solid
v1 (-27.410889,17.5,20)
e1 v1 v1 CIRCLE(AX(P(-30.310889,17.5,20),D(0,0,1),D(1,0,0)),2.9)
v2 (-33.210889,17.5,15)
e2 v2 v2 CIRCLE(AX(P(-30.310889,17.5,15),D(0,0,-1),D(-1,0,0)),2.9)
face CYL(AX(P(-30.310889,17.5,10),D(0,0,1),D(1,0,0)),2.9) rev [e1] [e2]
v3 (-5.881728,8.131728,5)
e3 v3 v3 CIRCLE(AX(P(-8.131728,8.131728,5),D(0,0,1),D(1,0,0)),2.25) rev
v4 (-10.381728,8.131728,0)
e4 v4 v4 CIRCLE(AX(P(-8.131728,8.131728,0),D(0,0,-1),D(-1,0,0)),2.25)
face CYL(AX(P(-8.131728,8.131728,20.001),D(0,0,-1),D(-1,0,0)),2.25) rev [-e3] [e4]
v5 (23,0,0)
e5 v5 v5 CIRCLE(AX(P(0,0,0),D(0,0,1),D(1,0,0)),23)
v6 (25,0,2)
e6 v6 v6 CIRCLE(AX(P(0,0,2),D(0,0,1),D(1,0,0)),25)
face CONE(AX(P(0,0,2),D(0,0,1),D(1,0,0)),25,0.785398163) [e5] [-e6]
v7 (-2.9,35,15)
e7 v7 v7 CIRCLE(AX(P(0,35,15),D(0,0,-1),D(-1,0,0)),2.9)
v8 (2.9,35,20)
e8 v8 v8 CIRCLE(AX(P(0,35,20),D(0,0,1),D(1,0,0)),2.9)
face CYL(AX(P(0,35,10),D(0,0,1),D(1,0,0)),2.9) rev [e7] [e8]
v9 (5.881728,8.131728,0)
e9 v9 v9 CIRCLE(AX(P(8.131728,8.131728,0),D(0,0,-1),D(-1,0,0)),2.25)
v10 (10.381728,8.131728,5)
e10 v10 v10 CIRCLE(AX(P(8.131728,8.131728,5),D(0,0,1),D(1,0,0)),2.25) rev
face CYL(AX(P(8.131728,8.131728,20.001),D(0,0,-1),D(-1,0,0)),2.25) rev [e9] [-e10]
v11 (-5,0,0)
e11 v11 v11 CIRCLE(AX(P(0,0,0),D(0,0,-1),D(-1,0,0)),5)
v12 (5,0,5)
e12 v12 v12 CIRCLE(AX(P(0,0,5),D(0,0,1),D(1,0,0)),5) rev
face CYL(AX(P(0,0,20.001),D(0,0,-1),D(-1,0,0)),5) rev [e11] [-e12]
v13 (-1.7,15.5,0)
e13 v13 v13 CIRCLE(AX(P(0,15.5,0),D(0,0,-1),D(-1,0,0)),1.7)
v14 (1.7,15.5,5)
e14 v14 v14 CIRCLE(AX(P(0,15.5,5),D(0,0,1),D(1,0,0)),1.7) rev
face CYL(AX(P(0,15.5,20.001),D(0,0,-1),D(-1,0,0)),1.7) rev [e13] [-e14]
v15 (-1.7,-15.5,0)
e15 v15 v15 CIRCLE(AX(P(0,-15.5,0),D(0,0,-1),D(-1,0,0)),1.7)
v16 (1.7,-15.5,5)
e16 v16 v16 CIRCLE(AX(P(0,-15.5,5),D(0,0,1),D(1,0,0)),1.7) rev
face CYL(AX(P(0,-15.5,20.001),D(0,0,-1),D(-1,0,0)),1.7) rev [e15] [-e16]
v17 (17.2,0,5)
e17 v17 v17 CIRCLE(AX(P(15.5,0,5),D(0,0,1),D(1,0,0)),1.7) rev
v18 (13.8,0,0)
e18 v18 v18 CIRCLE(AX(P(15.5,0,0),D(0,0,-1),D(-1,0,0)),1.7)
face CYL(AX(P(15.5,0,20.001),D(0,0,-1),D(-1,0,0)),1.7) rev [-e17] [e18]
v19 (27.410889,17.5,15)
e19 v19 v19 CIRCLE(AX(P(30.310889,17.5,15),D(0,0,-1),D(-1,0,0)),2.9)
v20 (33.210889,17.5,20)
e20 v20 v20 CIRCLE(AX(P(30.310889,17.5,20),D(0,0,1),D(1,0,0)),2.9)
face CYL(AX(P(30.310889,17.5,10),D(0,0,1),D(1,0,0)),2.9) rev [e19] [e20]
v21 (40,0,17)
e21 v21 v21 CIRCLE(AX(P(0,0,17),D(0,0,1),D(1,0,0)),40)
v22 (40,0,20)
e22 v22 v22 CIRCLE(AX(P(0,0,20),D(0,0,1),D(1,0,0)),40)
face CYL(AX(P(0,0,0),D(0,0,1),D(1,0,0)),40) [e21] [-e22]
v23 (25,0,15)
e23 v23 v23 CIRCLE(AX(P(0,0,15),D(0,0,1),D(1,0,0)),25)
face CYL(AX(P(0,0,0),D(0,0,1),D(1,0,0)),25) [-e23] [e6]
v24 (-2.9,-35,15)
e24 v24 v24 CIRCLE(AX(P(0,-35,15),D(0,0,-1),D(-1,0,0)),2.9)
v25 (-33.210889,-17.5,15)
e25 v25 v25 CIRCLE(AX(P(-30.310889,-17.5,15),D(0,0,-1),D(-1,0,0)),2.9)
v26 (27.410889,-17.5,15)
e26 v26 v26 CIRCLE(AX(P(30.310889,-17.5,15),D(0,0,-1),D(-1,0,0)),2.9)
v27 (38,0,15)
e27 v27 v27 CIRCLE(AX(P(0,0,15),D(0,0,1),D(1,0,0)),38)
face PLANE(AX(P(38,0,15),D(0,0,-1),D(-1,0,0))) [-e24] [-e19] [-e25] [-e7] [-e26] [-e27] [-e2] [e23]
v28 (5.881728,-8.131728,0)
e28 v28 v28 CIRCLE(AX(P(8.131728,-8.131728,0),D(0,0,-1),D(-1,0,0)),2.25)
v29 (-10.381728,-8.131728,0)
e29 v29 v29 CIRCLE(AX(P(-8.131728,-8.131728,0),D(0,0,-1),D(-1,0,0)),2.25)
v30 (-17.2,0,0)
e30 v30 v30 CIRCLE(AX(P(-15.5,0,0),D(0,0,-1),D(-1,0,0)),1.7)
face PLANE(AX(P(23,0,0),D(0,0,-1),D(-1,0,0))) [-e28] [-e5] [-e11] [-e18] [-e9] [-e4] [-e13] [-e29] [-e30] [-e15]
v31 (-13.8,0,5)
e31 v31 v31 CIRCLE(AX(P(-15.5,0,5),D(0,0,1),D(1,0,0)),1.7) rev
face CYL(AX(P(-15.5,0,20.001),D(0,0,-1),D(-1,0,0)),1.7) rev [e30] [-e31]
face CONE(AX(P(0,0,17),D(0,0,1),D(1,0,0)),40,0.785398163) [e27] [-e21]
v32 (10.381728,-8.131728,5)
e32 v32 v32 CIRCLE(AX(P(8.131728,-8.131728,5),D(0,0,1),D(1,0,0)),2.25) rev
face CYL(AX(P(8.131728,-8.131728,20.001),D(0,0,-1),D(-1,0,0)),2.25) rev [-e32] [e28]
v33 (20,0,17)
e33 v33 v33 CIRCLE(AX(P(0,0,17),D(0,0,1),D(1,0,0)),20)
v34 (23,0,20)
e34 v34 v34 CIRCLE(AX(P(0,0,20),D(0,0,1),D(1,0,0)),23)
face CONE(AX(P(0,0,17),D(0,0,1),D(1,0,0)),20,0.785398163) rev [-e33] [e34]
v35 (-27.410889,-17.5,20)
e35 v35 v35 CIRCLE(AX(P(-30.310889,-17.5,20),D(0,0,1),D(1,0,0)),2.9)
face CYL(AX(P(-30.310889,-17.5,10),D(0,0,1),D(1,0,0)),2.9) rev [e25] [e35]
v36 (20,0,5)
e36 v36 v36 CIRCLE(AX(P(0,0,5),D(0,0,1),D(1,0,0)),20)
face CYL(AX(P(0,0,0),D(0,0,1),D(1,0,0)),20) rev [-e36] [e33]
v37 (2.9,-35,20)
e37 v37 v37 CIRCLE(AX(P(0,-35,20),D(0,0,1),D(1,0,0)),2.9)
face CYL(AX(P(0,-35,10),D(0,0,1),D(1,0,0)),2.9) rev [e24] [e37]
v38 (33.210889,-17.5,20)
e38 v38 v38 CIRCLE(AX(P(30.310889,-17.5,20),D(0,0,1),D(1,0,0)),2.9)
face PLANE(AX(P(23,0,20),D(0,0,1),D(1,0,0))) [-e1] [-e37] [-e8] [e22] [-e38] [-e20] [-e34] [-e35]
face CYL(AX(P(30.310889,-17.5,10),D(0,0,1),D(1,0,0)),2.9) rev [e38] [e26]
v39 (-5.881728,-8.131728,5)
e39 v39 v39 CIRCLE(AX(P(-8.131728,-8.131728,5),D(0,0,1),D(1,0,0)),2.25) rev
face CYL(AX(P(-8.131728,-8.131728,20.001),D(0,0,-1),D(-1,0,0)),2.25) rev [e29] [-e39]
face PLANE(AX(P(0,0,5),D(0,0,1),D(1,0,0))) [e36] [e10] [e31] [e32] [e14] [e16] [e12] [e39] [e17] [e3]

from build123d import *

# Parameters (mm, degrees)
CUT_EXTRUDE_1_REACH = 62
SKETCH_9_R          = 2.25
SKETCH_9_R_2        = 5
SKETCH_9_R_3        = 1.7
SKETCH_11_R         = 2.9
CUT_EXTRUDE_2_DEPTH = 10


with BuildPart() as part:
    # 草图1 → 旋转1 (revolve)
    with BuildSketch(Plane(origin=(0, 0, 0), x_dir=(1, 0, 0), z_dir=(0, 1, 0))):
        Polygon((38, -15), (25, -15), (25, -2), (23, 0), (0, 0), (0, -5), (20, -5), (20, -17), (23, -20), (40, -20), (40, -17), align=None)
    revolve(axis=Axis((0, 0, 0), (0, 0, 1)))

    # 草图9 → 切除-拉伸1 (cut, up to next)
    with BuildSketch(Plane(origin=(0, 0, 0), x_dir=(-1, 0, 0), z_dir=(0, 0, -1)), mode=Mode.PRIVATE) as cut_extrude_1_sk1:
        with Locations((-8.131727984, 8.131727984)):
            Circle(SKETCH_9_R)
    cut_extrude_1_tool1 = extrude(cut_extrude_1_sk1.sketch, amount=-CUT_EXTRUDE_1_REACH, mode=Mode.PRIVATE) & part.part
    # 草图9 → 切除-拉伸1 (cut, up to next)
    with BuildSketch(Plane(origin=(0, 0, 0), x_dir=(-1, 0, 0), z_dir=(0, 0, -1)), mode=Mode.PRIVATE) as cut_extrude_1_sk2:
        with Locations((8.131727984, 8.131727984)):
            Circle(SKETCH_9_R)
    cut_extrude_1_tool2 = extrude(cut_extrude_1_sk2.sketch, amount=-CUT_EXTRUDE_1_REACH, mode=Mode.PRIVATE) & part.part
    # 草图9 → 切除-拉伸1 (cut, up to next)
    with BuildSketch(Plane(origin=(0, 0, 0), x_dir=(-1, 0, 0), z_dir=(0, 0, -1)), mode=Mode.PRIVATE) as cut_extrude_1_sk3:
        with Locations((8.131727984, -8.131727984)):
            Circle(SKETCH_9_R)
    cut_extrude_1_tool3 = extrude(cut_extrude_1_sk3.sketch, amount=-CUT_EXTRUDE_1_REACH, mode=Mode.PRIVATE) & part.part
    # 草图9 → 切除-拉伸1 (cut, up to next)
    with BuildSketch(Plane(origin=(0, 0, 0), x_dir=(-1, 0, 0), z_dir=(0, 0, -1)), mode=Mode.PRIVATE) as cut_extrude_1_sk4:
        with Locations((-8.131727984, -8.131727984)):
            Circle(SKETCH_9_R)
    cut_extrude_1_tool4 = extrude(cut_extrude_1_sk4.sketch, amount=-CUT_EXTRUDE_1_REACH, mode=Mode.PRIVATE) & part.part
    # 草图9 → 切除-拉伸1 (cut, up to next)
    with BuildSketch(Plane(origin=(0, 0, 0), x_dir=(-1, 0, 0), z_dir=(0, 0, -1)), mode=Mode.PRIVATE) as cut_extrude_1_sk5:
        Circle(SKETCH_9_R_2)
    cut_extrude_1_tool5 = extrude(cut_extrude_1_sk5.sketch, amount=-CUT_EXTRUDE_1_REACH, mode=Mode.PRIVATE) & part.part
    # 草图9 → 切除-拉伸1 (cut, up to next)
    with BuildSketch(Plane(origin=(0, 0, 0), x_dir=(-1, 0, 0), z_dir=(0, 0, -1)), mode=Mode.PRIVATE) as cut_extrude_1_sk6:
        with Locations((0, 15.5)):
            Circle(SKETCH_9_R_3)
    cut_extrude_1_tool6 = extrude(cut_extrude_1_sk6.sketch, amount=-CUT_EXTRUDE_1_REACH, mode=Mode.PRIVATE) & part.part
    # 草图9 → 切除-拉伸1 (cut, up to next)
    with BuildSketch(Plane(origin=(0, 0, 0), x_dir=(-1, 0, 0), z_dir=(0, 0, -1)), mode=Mode.PRIVATE) as cut_extrude_1_sk7:
        with Locations((-15.5, 0)):
            Circle(SKETCH_9_R_3)
    cut_extrude_1_tool7 = extrude(cut_extrude_1_sk7.sketch, amount=-CUT_EXTRUDE_1_REACH, mode=Mode.PRIVATE) & part.part
    # 草图9 → 切除-拉伸1 (cut, up to next)
    with BuildSketch(Plane(origin=(0, 0, 0), x_dir=(-1, 0, 0), z_dir=(0, 0, -1)), mode=Mode.PRIVATE) as cut_extrude_1_sk8:
        with Locations((0, -15.5)):
            Circle(SKETCH_9_R_3)
    cut_extrude_1_tool8 = extrude(cut_extrude_1_sk8.sketch, amount=-CUT_EXTRUDE_1_REACH, mode=Mode.PRIVATE) & part.part
    # 草图9 → 切除-拉伸1 (cut, up to next)
    with BuildSketch(Plane(origin=(0, 0, 0), x_dir=(-1, 0, 0), z_dir=(0, 0, -1)), mode=Mode.PRIVATE) as cut_extrude_1_sk9:
        with Locations((15.5, 0)):
            Circle(SKETCH_9_R_3)
    cut_extrude_1_tool9 = extrude(cut_extrude_1_sk9.sketch, amount=-CUT_EXTRUDE_1_REACH, mode=Mode.PRIVATE) & part.part
    add(cut_extrude_1_tool1.solids().sort_by_distance((8.131728, 8.131728, 0))[0], mode=Mode.SUBTRACT)
    add(cut_extrude_1_tool2.solids().sort_by_distance((-8.131728, 8.131728, 0))[0], mode=Mode.SUBTRACT)
    add(cut_extrude_1_tool3.solids().sort_by_distance((-8.131728, -8.131728, 0))[0], mode=Mode.SUBTRACT)
    add(cut_extrude_1_tool4.solids().sort_by_distance((8.131728, -8.131728, 0))[0], mode=Mode.SUBTRACT)
    add(cut_extrude_1_tool5.solids().sort_by_distance((0, 0, 0))[0], mode=Mode.SUBTRACT)
    add(cut_extrude_1_tool6.solids().sort_by_distance((0, 15.5, 0))[0], mode=Mode.SUBTRACT)
    add(cut_extrude_1_tool7.solids().sort_by_distance((15.5, 0, 0))[0], mode=Mode.SUBTRACT)
    add(cut_extrude_1_tool8.solids().sort_by_distance((0, -15.5, 0))[0], mode=Mode.SUBTRACT)
    add(cut_extrude_1_tool9.solids().sort_by_distance((-15.5, 0, 0))[0], mode=Mode.SUBTRACT)

    # 草图11 → 切除-拉伸2 (cut)
    with BuildSketch(Plane.XY.offset(20)):
        with Locations((0, 35)):
            Circle(SKETCH_11_R)
        with Locations((-30.310889132, 17.5)):
            Circle(SKETCH_11_R)
        with Locations((-30.310889132, -17.5)):
            Circle(SKETCH_11_R)
        with Locations((0, -35)):
            Circle(SKETCH_11_R)
        with Locations((30.310889132, -17.5)):
            Circle(SKETCH_11_R)
        with Locations((30.310889132, 17.5)):
            Circle(SKETCH_11_R)
    extrude(amount=-CUT_EXTRUDE_2_DEPTH, mode=Mode.SUBTRACT)


solid = part.part
